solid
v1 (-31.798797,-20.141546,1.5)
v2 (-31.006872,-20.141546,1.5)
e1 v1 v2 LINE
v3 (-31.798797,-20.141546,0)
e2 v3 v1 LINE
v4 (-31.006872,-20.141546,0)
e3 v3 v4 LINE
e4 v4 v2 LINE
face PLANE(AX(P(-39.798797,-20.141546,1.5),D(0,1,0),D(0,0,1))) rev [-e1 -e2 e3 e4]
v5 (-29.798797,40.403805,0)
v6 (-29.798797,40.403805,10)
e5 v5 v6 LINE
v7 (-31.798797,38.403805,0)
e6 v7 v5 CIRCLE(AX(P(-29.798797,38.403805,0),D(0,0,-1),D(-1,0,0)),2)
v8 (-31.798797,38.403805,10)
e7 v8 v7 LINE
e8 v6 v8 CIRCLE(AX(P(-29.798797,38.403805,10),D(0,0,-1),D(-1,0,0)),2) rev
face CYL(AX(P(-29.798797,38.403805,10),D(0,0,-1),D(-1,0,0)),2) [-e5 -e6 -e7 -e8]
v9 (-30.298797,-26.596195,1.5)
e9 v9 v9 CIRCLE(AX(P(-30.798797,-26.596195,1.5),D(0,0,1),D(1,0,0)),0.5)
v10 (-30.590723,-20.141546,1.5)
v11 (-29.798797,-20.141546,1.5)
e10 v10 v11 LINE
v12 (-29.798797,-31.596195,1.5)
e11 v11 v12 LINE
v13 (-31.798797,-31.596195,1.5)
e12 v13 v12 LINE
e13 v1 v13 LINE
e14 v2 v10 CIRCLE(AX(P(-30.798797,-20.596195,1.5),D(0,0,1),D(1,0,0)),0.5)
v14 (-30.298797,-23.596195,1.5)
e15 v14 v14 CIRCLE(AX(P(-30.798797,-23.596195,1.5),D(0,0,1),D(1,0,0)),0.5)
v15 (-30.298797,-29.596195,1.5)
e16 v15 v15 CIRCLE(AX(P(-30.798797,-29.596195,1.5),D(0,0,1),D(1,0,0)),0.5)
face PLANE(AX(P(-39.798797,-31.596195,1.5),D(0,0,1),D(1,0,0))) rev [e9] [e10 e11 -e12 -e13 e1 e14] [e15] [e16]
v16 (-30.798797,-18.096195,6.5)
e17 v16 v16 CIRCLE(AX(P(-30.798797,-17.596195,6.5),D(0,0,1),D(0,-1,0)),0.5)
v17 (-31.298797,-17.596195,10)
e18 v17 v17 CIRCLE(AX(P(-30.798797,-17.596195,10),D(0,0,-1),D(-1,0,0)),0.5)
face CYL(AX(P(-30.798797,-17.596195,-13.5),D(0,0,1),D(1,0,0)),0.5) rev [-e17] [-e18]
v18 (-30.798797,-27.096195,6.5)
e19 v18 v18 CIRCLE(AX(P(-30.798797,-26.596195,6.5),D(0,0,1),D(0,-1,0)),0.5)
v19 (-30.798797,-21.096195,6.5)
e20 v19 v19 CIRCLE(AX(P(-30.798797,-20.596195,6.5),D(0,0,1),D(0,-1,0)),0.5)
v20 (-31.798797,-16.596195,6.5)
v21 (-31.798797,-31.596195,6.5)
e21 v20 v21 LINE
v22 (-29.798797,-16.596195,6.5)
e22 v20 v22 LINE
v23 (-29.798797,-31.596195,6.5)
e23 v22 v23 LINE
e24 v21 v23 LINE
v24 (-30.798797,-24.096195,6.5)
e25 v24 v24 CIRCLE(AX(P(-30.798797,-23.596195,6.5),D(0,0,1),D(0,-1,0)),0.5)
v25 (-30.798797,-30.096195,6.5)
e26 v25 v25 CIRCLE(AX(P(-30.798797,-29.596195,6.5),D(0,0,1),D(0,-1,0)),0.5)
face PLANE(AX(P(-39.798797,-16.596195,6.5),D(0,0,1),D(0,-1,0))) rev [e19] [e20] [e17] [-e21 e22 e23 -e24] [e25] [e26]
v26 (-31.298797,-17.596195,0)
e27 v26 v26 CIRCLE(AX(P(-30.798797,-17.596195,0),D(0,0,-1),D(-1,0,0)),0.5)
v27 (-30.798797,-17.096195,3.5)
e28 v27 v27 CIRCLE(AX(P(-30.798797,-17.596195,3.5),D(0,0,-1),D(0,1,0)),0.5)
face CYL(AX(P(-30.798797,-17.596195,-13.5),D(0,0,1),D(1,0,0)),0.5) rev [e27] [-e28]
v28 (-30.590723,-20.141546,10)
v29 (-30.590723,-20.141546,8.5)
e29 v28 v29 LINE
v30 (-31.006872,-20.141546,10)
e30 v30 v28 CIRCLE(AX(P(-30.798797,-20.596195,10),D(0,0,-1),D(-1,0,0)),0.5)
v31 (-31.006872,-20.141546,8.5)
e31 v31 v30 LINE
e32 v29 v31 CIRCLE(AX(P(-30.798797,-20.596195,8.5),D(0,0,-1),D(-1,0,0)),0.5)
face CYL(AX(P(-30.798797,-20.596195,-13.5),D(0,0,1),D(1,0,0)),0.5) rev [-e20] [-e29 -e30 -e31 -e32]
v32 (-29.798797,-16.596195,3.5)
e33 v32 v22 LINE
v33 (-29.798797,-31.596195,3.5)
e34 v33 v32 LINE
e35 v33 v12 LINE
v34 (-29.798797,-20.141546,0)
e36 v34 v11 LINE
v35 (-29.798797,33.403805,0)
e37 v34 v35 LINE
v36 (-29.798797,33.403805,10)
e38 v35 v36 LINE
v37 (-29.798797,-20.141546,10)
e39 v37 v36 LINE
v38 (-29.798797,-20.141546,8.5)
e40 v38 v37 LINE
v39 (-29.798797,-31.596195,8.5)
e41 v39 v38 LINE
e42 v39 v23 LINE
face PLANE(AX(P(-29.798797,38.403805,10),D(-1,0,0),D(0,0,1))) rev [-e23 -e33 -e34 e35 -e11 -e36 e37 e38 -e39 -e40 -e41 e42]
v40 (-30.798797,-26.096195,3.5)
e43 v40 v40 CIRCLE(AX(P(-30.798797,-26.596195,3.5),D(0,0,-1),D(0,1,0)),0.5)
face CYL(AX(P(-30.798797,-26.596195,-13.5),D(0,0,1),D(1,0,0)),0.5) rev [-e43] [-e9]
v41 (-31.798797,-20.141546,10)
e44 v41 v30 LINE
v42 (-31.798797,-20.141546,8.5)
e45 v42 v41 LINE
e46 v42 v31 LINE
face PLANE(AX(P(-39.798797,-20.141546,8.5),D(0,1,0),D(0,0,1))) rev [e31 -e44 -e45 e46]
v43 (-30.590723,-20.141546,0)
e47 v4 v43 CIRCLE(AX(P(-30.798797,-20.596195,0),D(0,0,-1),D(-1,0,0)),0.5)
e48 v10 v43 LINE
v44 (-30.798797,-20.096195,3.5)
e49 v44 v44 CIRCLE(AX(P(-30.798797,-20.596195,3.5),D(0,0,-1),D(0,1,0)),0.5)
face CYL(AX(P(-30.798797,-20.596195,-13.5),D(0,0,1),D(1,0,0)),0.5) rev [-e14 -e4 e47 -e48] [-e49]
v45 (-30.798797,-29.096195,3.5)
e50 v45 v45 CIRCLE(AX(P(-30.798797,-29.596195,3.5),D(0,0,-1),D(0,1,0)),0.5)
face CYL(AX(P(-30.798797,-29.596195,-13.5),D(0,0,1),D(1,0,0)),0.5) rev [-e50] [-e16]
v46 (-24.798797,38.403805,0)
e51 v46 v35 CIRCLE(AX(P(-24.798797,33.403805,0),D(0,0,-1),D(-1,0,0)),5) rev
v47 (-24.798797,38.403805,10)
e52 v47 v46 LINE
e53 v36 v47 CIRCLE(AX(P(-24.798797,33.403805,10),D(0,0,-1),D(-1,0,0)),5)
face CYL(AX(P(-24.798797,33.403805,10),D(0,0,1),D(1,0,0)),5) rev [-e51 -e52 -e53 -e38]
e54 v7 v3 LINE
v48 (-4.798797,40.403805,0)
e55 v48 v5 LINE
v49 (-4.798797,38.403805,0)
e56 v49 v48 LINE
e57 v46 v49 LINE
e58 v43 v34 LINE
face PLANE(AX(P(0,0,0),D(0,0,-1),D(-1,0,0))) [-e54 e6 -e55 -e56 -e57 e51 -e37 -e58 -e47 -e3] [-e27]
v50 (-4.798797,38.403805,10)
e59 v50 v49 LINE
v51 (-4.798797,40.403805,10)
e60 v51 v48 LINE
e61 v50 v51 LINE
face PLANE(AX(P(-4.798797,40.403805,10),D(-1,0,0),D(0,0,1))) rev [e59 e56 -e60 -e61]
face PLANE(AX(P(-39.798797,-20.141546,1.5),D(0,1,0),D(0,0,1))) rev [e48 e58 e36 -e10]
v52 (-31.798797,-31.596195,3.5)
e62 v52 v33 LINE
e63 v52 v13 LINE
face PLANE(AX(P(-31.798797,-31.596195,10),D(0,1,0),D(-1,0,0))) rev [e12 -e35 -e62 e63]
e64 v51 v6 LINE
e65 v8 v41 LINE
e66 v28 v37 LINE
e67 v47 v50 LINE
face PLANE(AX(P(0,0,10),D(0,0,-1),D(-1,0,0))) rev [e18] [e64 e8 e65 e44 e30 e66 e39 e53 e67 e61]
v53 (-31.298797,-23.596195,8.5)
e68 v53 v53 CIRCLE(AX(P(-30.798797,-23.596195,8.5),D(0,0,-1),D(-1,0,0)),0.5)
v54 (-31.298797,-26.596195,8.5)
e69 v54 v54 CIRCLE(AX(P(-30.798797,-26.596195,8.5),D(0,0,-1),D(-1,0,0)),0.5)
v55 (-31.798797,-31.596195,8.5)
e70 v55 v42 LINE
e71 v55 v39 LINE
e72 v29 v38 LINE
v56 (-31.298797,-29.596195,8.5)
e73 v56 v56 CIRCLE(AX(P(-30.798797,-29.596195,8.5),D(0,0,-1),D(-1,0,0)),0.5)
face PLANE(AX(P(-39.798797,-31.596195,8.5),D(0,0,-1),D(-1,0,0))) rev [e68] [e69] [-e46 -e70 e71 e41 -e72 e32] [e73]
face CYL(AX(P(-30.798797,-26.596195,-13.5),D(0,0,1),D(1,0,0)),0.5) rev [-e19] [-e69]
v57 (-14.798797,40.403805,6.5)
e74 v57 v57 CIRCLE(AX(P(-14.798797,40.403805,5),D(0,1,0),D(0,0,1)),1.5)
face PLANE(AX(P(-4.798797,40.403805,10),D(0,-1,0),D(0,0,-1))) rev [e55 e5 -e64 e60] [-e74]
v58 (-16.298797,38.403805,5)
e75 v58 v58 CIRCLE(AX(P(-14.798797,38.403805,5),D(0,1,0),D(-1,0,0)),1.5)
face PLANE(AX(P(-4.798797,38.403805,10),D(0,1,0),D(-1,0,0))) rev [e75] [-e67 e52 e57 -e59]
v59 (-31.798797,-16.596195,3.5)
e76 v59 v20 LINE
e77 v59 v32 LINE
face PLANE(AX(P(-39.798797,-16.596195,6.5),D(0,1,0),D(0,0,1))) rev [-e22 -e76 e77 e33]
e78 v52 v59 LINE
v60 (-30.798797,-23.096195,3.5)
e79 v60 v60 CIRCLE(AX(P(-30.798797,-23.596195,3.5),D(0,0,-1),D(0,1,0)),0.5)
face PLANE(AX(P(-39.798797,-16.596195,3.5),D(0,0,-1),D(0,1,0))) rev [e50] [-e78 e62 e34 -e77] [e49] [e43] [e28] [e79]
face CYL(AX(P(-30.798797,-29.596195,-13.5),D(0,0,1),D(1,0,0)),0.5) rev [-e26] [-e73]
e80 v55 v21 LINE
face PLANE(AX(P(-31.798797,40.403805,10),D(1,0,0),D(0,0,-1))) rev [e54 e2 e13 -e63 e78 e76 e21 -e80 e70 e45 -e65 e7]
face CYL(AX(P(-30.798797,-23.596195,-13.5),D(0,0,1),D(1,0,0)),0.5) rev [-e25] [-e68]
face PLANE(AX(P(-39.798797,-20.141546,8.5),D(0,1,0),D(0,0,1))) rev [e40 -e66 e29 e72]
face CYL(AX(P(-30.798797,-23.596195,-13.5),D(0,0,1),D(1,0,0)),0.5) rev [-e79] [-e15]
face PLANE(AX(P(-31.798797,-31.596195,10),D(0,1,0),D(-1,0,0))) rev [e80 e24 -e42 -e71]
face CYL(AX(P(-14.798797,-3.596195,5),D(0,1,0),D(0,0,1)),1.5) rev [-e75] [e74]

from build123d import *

# Parameters (mm, degrees)
Y_KSEKLIK_EKSTR_ZYON1_DEPTH = 10
IZIM2_W                     = 1.5
IZIM2_H                     = 11.454648232
IZIM2_W_2                   = 3
IZIM2_H_2                   = 15
KES_EKSTR_ZYON1_DEPTH       = 10
IZIM3_R                     = 0.5
KES_EKSTR_ZYON2_DEPTH       = 22
IZIM4_R                     = 1.5
KES_EKSTR_ZYON3_DEPTH       = 44
RADYUS1_R                   = 5
RADYUS2_R                   = 2


with BuildPart() as part:
    # Çizim1 → Yükseklik-Ekstrüzyon1 (new body)
    with BuildSketch(Plane.XY):
        Polygon((-4.798797212, 38.403805497), (-29.798797212, 38.403805497), (-29.798797212, -31.596194503), (-31.798797212, -31.596194503), (-31.798797212, 40.403805497), (-4.798797212, 40.403805497), align=None)
    extrude(amount=Y_KSEKLIK_EKSTR_ZYON1_DEPTH)

    # Çizim2 → Kes-Ekstrüzyon1 (cut)
    with BuildSketch(Plane(origin=(-29.798797212, 0, 0), x_dir=(0, 0, -1), z_dir=(1, 0, 0))):
        with Locations((-9.25, -25.868870387)):
            Rectangle(IZIM2_W, IZIM2_H)
        with Locations((-0.75, -25.868870387)):
            Rectangle(IZIM2_W, IZIM2_H)
        with Locations((-5, -24.096194503)):
            Rectangle(IZIM2_W_2, IZIM2_H_2)
    extrude(amount=-KES_EKSTR_ZYON1_DEPTH, mode=Mode.SUBTRACT)

    # Çizim3 → Kes-Ekstrüzyon2 (cut, symmetric)
    with BuildSketch(Plane.XY.offset(8.5)):
        with Locations((-30.798797212, -29.596194503)):
            Circle(IZIM3_R)
        with Locations((-30.798797212, -26.596194503)):
            Circle(IZIM3_R)
        with Locations((-30.798797212, -23.596194503)):
            Circle(IZIM3_R)
        with Locations((-30.798797212, -20.596194503)):
            Circle(IZIM3_R)
        with Locations((-30.798797212, -17.596194503)):
            Circle(IZIM3_R)
    extrude(amount=KES_EKSTR_ZYON2_DEPTH, both=True, mode=Mode.SUBTRACT)

    # Çizim4 → Kes-Ekstrüzyon3 (cut)
    with BuildSketch(Plane(origin=(0, 40.403805497, 0), x_dir=(1, 0, 0), z_dir=(0, 1, 0))):
        with Locations((-14.798797212, -5)):
            Circle(IZIM4_R)
    extrude(amount=-KES_EKSTR_ZYON3_DEPTH, mode=Mode.SUBTRACT)

    # Radyus1
    radyus1_edges = [part.edges().sort_by_distance(p)[0] for p in [
        (-29.798797212, 38.403805497, 5),
    ]]
    fillet(radyus1_edges, radius=RADYUS1_R)

    # Radyus2
    radyus2_edges = [part.edges().sort_by_distance(p)[0] for p in [
        (-31.798797212, 40.403805497, 5),
    ]]
    fillet(radyus2_edges, radius=RADYUS2_R)


solid = part.part
